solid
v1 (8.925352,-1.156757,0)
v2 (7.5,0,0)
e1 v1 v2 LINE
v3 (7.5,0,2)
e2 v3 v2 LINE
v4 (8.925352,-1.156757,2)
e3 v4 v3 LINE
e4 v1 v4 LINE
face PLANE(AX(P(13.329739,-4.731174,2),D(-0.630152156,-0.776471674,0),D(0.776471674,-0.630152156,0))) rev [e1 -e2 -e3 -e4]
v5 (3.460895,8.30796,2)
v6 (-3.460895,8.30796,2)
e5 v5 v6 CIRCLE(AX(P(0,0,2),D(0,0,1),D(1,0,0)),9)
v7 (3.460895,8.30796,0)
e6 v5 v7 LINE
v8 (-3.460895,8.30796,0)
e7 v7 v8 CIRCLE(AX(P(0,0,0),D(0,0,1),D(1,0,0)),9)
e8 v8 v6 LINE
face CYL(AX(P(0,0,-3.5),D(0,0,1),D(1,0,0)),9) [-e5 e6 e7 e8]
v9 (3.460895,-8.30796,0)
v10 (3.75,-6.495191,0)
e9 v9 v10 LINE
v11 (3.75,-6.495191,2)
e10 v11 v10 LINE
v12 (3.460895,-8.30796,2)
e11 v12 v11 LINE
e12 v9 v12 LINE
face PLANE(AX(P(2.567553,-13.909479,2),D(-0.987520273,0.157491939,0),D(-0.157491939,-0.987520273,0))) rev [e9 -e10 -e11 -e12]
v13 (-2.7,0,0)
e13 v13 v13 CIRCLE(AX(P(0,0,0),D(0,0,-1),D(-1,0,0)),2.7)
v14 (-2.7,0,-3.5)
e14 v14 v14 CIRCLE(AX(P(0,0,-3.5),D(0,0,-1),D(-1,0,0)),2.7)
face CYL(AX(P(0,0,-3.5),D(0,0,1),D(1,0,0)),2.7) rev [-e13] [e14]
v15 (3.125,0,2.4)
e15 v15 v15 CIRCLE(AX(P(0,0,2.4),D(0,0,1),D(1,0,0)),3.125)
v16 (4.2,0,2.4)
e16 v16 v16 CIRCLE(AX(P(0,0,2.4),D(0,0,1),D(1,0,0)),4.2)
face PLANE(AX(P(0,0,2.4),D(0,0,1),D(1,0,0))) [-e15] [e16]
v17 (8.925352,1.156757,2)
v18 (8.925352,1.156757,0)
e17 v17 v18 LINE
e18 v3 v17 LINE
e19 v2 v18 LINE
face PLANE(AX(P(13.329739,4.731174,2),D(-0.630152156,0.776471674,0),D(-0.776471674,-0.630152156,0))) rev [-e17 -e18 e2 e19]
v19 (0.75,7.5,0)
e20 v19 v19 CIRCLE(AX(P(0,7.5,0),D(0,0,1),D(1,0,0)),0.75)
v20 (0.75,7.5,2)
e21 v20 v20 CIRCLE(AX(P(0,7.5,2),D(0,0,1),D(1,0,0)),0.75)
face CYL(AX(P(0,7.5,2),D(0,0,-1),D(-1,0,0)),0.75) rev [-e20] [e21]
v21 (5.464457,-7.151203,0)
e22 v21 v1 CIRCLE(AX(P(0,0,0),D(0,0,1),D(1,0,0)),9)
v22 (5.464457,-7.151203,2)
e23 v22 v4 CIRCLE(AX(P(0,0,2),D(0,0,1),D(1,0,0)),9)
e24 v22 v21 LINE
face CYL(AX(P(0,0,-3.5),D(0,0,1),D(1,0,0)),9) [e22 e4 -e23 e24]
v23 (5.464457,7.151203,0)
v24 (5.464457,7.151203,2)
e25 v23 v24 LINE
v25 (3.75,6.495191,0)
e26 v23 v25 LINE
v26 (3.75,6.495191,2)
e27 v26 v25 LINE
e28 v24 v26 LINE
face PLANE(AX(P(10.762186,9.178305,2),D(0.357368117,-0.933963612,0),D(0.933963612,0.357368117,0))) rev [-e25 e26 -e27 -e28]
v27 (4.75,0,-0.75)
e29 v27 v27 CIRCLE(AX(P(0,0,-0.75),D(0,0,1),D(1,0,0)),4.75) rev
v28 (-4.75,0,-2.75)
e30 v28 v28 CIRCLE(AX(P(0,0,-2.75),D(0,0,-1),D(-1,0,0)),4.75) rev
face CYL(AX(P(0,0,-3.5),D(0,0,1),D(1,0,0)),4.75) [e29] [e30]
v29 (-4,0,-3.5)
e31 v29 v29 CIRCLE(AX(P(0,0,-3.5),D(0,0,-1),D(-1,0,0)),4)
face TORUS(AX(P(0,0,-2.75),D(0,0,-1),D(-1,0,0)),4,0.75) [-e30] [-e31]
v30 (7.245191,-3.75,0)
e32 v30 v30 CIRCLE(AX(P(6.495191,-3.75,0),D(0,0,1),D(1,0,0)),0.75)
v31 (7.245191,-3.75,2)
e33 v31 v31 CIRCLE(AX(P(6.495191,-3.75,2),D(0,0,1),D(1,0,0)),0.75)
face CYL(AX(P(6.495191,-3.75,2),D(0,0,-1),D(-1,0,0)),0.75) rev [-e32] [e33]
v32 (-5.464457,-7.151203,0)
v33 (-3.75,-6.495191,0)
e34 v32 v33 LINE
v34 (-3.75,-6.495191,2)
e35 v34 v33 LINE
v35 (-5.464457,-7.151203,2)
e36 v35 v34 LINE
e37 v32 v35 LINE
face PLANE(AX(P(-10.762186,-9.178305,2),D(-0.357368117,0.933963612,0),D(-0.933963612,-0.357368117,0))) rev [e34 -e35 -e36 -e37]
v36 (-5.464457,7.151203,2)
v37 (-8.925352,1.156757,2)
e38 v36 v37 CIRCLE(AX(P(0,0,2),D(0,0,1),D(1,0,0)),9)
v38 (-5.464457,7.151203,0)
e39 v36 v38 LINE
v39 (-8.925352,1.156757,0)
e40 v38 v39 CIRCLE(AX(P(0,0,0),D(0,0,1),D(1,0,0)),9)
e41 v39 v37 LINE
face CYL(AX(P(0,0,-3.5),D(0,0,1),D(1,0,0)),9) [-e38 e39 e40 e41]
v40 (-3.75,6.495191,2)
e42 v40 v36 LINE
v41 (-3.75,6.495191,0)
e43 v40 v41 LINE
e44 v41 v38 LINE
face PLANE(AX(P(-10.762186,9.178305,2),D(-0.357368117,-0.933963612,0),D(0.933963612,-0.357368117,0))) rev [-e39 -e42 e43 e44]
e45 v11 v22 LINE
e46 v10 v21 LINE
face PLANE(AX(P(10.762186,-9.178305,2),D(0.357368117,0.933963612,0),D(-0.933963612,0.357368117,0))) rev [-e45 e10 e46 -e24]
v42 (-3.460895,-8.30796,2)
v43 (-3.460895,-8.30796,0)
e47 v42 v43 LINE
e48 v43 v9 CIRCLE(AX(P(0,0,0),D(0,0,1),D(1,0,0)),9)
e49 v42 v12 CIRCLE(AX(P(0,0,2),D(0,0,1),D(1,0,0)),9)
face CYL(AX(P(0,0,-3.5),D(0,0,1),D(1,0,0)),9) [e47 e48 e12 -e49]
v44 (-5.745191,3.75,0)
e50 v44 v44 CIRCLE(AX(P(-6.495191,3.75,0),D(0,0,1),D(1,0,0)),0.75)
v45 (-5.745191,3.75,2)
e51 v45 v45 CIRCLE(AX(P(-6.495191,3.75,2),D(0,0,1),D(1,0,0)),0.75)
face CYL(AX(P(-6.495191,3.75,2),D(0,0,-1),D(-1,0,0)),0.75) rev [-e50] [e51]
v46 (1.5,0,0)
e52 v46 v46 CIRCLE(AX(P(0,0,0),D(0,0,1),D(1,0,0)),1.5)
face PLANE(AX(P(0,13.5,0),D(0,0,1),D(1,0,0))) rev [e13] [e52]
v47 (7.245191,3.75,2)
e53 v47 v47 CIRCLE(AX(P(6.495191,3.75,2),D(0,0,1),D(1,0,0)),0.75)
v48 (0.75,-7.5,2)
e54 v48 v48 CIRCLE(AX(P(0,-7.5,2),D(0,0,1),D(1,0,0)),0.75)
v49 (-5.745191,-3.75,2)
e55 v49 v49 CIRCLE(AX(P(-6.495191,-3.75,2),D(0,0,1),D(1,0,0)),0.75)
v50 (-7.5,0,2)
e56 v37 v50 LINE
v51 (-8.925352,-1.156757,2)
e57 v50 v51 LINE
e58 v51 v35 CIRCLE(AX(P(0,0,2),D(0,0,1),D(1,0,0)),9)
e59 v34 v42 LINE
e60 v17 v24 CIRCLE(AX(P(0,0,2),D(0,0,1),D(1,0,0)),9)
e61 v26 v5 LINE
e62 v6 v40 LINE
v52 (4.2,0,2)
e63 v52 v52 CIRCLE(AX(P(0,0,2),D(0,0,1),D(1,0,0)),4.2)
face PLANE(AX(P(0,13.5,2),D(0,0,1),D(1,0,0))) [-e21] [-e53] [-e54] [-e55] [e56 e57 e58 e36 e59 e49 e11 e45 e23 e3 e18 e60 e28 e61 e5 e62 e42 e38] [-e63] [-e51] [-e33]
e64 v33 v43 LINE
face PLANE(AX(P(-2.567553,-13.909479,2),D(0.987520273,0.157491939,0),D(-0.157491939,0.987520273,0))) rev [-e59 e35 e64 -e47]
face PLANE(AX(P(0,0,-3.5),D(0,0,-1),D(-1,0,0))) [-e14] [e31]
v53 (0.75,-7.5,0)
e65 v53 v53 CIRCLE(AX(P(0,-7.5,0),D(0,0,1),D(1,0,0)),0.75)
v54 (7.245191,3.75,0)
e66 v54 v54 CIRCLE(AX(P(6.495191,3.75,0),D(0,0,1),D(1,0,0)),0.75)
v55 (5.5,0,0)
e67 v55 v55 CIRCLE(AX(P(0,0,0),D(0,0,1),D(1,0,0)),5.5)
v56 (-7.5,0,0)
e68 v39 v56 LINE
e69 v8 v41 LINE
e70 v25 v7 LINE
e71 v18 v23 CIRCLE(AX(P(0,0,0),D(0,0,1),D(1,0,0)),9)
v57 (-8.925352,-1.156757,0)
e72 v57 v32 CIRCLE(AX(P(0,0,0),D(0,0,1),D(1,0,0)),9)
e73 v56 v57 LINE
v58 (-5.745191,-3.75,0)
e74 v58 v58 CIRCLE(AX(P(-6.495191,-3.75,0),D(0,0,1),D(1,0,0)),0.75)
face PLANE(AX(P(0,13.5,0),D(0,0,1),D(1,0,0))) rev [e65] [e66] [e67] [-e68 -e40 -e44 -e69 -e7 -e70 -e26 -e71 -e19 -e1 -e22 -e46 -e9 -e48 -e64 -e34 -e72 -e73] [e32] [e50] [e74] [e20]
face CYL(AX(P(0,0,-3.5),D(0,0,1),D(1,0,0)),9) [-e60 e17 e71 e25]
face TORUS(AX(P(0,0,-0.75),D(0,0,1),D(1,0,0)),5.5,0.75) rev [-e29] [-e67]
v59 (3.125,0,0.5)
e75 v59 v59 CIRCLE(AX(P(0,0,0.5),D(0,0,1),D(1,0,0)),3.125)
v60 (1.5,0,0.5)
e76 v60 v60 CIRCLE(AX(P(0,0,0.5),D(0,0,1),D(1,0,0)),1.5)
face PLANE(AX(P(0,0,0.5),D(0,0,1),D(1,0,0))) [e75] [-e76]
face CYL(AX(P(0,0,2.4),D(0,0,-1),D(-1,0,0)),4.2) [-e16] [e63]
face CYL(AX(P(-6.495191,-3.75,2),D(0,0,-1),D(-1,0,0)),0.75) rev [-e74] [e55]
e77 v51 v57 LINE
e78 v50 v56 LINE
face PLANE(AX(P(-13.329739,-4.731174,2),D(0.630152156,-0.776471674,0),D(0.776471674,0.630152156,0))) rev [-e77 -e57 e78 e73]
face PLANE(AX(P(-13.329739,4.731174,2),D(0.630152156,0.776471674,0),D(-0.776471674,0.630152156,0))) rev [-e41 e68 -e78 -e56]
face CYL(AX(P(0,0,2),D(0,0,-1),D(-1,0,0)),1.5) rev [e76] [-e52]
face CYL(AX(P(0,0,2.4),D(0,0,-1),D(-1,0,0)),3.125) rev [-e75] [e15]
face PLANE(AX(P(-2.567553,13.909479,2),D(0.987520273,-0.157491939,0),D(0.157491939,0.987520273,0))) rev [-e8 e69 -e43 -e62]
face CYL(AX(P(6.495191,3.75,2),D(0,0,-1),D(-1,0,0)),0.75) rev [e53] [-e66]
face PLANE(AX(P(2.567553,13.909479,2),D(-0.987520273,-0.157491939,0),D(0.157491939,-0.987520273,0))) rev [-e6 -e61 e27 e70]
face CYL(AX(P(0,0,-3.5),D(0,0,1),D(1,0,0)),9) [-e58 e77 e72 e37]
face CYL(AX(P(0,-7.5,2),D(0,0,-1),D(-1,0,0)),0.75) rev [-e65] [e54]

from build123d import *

# Parameters (mm, degrees)
SKETCH1_R           = 1.5
SKETCH1_R_2         = 0.75
BOSS_EXTRUDE1_DEPTH = 2
SKETCH2_R           = 4.75
SKETCH2_R_2         = 2.7
BOSS_EXTRUDE2_DEPTH = 3.5
SKETCH3_R           = 4.2
SKETCH3_R_2         = 3.125
BOSS_EXTRUDE3_DEPTH = 0.4
SKETCH4_R           = 3.125
CUT_EXTRUDE1_DEPTH  = 1.5
FILLET1_R           = 0.75
SKETCH5_OUTSIDE_W   = 39.274
SKETCH5_OUTSIDE_H   = 42.892
SKETCH5_OUTSIDE_R   = 9
CUT_EXTRUDE2_DEPTH  = 6.5


with BuildPart() as part:
    # Sketch1 → Boss-Extrude1 (new body)
    with BuildSketch(Plane.XY):
        with BuildLine():
            Line((-2.567552709, 13.90947904), (-3.75, 6.495190528))
            Line((-3.75, 6.495190528), (-10.762185848, 9.178305392))
            ThreePointArc((-10.762185848, 9.178305392), (-13.943009001, 8.05), (-13.329738557, 4.731173648))
            Line((-13.329738557, 4.731173648), (-7.5, 0))
            Line((-7.5, 0), (-13.329738557, -4.731173648))
            ThreePointArc((-13.329738557, -4.731173648), (-13.943009001, -8.05), (-10.762185848, -9.178305392))
            Line((-10.762185848, -9.178305392), (-3.75, -6.495190528))
            Line((-3.75, -6.495190528), (-2.567552709, -13.90947904))
            ThreePointArc((-2.567552709, -13.90947904), (0, -16.1), (2.567552709, -13.90947904))
            Line((2.567552709, -13.90947904), (3.75, -6.495190528))
            Line((3.75, -6.495190528), (10.762185848, -9.178305392))
            ThreePointArc((10.762185848, -9.178305392), (13.943009001, -8.05), (13.329738557, -4.731173648))
            Line((13.329738557, -4.731173648), (7.5, 0))
            Line((7.5, 0), (13.329738557, 4.731173648))
            ThreePointArc((13.329738557, 4.731173648), (13.943009001, 8.05), (10.762185848, 9.178305392))
            Line((10.762185848, 9.178305392), (3.75, 6.495190528))
            Line((3.75, 6.495190528), (2.567552709, 13.90947904))
            ThreePointArc((2.567552709, 13.90947904), (0, 16.1), (-2.567552709, 13.90947904))
        make_face()
        Circle(SKETCH1_R, mode=Mode.SUBTRACT)
        with Locations((0, 13.5)):
            Circle(SKETCH1_R_2, mode=Mode.SUBTRACT)
        with Locations((0, 10.5)):
            Circle(SKETCH1_R_2, mode=Mode.SUBTRACT)
        with Locations((0, 7.5)):
            Circle(SKETCH1_R_2, mode=Mode.SUBTRACT)
        with Locations((6.495190528, 3.75)):
            Circle(SKETCH1_R_2, mode=Mode.SUBTRACT)
        with Locations((9.09326674, 5.25)):
            Circle(SKETCH1_R_2, mode=Mode.SUBTRACT)
        with Locations((11.691342951, 6.75)):
            Circle(SKETCH1_R_2, mode=Mode.SUBTRACT)
        with Locations((6.495190528, -3.75)):
            Circle(SKETCH1_R_2, mode=Mode.SUBTRACT)
        with Locations((9.09326674, -5.25)):
            Circle(SKETCH1_R_2, mode=Mode.SUBTRACT)
        with Locations((11.691342951, -6.75)):
            Circle(SKETCH1_R_2, mode=Mode.SUBTRACT)
        with Locations((0, -7.5)):
            Circle(SKETCH1_R_2, mode=Mode.SUBTRACT)
        with Locations((0, -10.5)):
            Circle(SKETCH1_R_2, mode=Mode.SUBTRACT)
        with Locations((0, -13.5)):
            Circle(SKETCH1_R_2, mode=Mode.SUBTRACT)
        with Locations((-6.495190528, -3.75)):
            Circle(SKETCH1_R_2, mode=Mode.SUBTRACT)
        with Locations((-9.09326674, -5.25)):
            Circle(SKETCH1_R_2, mode=Mode.SUBTRACT)
        with Locations((-11.691342951, -6.75)):
            Circle(SKETCH1_R_2, mode=Mode.SUBTRACT)
        with Locations((-6.495190528, 3.75)):
            Circle(SKETCH1_R_2, mode=Mode.SUBTRACT)
        with Locations((-9.09326674, 5.25)):
            Circle(SKETCH1_R_2, mode=Mode.SUBTRACT)
        with Locations((-11.691342951, 6.75)):
            Circle(SKETCH1_R_2, mode=Mode.SUBTRACT)
    extrude(amount=BOSS_EXTRUDE1_DEPTH)

    # Sketch2 → Boss-Extrude2 (add)
    with BuildSketch(Plane(origin=(0, 0, 0), x_dir=(-1, 0, 0), z_dir=(0, 0, -1))):
        Circle(SKETCH2_R)
        Circle(SKETCH2_R_2, mode=Mode.SUBTRACT)
    extrude(amount=BOSS_EXTRUDE2_DEPTH)

    # Sketch3 → Boss-Extrude3 (add)
    with BuildSketch(Plane.XY.offset(2)):
        Circle(SKETCH3_R)
        Circle(SKETCH3_R_2, mode=Mode.SUBTRACT)
    extrude(amount=BOSS_EXTRUDE3_DEPTH)

    # Sketch4 → Cut-Extrude1 (cut)
    with BuildSketch(Plane.XY.offset(2)):
        Circle(SKETCH4_R)
    extrude(amount=-CUT_EXTRUDE1_DEPTH, mode=Mode.SUBTRACT)

    # Fillet1
    fillet1_edges = [part.edges().sort_by_distance(p)[0] for p in [
        (4.75, 0, 0),
        (4.75, 0, -3.5),
    ]]
    fillet(fillet1_edges, radius=FILLET1_R)

    # Sketch5 outside → Cut-Extrude2 (cut, through all)
    with BuildSketch(Plane.XY.offset(2)):
        Rectangle(SKETCH5_OUTSIDE_W, SKETCH5_OUTSIDE_H)
        Circle(SKETCH5_OUTSIDE_R, mode=Mode.SUBTRACT)
    extrude(amount=-CUT_EXTRUDE2_DEPTH, mode=Mode.SUBTRACT)


solid = part.part
